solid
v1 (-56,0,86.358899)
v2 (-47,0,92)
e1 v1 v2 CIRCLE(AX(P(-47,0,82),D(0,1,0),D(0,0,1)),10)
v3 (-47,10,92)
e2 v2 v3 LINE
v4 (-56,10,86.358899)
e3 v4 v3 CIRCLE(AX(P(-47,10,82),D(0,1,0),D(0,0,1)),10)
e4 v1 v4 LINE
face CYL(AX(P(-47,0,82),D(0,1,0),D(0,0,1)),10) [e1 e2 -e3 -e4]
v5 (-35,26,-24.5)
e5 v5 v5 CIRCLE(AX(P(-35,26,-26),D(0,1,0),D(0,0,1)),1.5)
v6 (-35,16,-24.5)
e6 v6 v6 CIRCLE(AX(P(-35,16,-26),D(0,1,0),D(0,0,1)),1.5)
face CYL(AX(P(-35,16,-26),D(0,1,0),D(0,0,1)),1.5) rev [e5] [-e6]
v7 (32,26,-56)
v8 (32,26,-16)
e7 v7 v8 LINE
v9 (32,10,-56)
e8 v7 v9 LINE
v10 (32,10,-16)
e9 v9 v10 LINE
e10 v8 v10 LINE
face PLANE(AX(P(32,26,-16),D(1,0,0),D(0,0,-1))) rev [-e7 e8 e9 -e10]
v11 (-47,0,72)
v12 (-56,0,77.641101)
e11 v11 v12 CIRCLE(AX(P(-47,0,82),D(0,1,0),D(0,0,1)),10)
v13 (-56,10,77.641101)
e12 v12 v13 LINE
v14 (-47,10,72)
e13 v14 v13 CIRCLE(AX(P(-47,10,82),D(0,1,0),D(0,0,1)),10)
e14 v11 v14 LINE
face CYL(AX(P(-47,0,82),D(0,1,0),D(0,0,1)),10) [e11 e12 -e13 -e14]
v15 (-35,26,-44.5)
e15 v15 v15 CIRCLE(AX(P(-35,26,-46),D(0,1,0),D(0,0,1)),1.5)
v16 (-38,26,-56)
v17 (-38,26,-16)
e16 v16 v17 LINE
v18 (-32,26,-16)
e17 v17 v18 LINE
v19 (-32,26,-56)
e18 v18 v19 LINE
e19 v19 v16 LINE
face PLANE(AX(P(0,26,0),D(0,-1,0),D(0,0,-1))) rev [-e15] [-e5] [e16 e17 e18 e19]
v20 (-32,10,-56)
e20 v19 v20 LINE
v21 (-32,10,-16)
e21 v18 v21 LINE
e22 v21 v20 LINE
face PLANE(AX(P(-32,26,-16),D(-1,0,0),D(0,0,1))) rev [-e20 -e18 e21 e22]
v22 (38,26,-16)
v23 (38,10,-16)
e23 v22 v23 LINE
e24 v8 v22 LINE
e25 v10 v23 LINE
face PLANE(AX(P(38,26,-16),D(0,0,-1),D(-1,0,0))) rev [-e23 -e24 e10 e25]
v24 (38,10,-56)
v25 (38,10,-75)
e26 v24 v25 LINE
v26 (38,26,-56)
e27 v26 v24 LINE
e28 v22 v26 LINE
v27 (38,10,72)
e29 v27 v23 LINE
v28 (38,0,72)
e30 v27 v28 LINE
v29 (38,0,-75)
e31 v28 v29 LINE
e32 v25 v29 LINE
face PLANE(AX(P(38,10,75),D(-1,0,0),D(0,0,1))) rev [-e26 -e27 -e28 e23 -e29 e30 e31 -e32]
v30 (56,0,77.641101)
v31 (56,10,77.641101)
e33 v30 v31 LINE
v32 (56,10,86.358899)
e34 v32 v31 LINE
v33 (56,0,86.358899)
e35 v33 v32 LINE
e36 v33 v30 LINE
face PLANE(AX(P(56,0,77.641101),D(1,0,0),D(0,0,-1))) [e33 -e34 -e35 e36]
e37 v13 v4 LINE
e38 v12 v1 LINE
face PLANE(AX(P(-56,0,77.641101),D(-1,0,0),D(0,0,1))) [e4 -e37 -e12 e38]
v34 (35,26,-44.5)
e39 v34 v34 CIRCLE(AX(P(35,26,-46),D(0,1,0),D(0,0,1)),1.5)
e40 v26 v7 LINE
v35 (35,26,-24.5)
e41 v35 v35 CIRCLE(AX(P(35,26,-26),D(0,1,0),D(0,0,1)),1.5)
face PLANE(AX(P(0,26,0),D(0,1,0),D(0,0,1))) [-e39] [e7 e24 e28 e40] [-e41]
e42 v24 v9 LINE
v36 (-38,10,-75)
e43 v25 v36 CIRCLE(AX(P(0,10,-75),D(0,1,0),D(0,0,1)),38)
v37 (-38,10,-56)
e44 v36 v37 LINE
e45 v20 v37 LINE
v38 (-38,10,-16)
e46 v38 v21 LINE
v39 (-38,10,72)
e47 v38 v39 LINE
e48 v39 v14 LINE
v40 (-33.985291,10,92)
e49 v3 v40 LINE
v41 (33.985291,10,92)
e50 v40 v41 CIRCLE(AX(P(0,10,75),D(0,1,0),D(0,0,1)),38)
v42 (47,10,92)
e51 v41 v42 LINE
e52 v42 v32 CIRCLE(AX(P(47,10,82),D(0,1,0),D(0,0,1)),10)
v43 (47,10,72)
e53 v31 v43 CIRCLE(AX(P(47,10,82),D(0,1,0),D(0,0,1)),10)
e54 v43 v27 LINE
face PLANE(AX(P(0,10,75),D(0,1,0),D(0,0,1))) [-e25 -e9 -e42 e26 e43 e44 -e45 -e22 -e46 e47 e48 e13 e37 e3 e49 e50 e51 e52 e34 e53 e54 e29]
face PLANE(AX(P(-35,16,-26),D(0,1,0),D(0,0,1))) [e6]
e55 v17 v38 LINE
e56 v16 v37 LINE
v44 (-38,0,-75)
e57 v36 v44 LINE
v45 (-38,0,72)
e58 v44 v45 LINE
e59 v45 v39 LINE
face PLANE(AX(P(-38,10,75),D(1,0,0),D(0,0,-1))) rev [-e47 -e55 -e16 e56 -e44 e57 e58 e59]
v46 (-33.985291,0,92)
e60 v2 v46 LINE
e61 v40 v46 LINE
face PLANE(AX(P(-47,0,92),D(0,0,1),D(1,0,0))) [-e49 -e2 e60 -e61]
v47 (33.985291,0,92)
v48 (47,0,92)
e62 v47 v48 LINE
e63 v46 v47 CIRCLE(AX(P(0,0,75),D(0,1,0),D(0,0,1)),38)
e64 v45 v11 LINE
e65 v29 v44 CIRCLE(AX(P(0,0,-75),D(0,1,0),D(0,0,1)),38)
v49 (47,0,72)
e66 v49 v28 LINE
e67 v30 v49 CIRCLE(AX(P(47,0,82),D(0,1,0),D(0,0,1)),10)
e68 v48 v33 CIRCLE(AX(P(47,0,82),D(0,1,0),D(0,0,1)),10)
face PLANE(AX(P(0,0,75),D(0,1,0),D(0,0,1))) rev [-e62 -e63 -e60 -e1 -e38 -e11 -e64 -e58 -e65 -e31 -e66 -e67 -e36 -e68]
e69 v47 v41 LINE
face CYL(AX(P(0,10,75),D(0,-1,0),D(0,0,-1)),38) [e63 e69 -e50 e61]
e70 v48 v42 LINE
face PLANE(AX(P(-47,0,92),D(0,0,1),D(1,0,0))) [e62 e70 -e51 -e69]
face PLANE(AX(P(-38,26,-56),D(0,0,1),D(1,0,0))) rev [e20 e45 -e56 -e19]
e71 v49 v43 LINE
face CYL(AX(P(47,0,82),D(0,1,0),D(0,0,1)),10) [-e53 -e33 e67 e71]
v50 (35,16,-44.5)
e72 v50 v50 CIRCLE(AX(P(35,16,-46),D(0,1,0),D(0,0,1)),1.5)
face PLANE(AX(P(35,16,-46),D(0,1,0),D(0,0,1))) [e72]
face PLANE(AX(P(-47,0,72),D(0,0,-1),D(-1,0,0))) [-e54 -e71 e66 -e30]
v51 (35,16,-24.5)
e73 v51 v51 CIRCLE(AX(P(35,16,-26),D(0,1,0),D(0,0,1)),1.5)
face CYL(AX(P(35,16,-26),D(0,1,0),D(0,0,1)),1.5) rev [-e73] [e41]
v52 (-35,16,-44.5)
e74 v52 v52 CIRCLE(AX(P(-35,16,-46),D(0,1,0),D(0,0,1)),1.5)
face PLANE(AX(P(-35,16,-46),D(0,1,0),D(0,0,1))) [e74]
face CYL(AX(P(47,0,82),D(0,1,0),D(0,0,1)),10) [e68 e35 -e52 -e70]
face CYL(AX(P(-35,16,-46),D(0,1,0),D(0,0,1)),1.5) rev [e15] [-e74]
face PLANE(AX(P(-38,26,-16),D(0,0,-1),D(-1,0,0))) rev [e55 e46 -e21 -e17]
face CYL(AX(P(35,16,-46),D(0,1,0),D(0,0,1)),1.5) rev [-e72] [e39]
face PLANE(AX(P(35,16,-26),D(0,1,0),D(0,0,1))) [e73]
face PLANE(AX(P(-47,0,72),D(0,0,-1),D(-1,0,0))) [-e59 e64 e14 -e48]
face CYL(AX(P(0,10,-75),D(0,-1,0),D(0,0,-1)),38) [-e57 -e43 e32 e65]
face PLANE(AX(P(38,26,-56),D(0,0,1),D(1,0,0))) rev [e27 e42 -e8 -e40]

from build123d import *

# Parameters (mm, degrees)
EXTRUDE_1_DEPTH     = 10
SKETCH_4_W          = 6
SKETCH_4_H          = 40
EXTRUDE_3_DEPTH     = 16
SKETCH_7_R          = 1.5
CUT_EXTRUDE_3_DEPTH = 10
EXTRUDE_4_DEPTH     = 10


with BuildPart() as part:
    # 草图1 → 凸台-拉伸1 (new body)
    with BuildSketch(Plane(origin=(0, 0, 0), x_dir=(1, 0, 0), z_dir=(0, 1, 0))):
        with BuildLine():
            Line((-38, -75), (-38, 75))
            ThreePointArc((-38, 75), (0, 113), (38, 75))
            Line((38, 75), (38, -75))
            ThreePointArc((38, -75), (0, -113), (-38, -75))
        make_face()
    extrude(amount=EXTRUDE_1_DEPTH)

    # 草图4 → 凸台-拉伸3 (add)
    with BuildSketch(Plane(origin=(0, 10, 0), x_dir=(1, 0, 0), z_dir=(0, 1, 0))):
        with Locations((-35, 36)):
            Rectangle(SKETCH_4_W, SKETCH_4_H)
        with Locations((35, 36)):
            Rectangle(SKETCH_4_W, SKETCH_4_H)
    extrude(amount=EXTRUDE_3_DEPTH)

    # 草图7 → 切除-拉伸3 (cut)
    with BuildSketch(Plane(origin=(0, 26, 0), x_dir=(1, 0, 0), z_dir=(0, 1, 0))):
        with Locations((-35, 26)):
            Circle(SKETCH_7_R)
        with Locations((-35, 46)):
            Circle(SKETCH_7_R)
        with Locations((35, 26)):
            Circle(SKETCH_7_R)
        with Locations((35, 46)):
            Circle(SKETCH_7_R)
    extrude(amount=-CUT_EXTRUDE_3_DEPTH, mode=Mode.SUBTRACT)

    # 草图8 → 凸台-拉伸4 (add)
    with BuildSketch(Plane(origin=(0, 10, 0), x_dir=(1, 0, 0), z_dir=(0, 1, 0))):
        with BuildLine():
            Line((-47, -72), (47, -72))
            ThreePointArc((47, -72), (52.310885546, -73.526836794), (56, -77.641101056))
            Line((56, -77.641101056), (56, -86.358898944))
            ThreePointArc((56, -86.358898944), (52.310885546, -90.473163206), (47, -92))
            Line((47, -92), (-47, -92))
            ThreePointArc((-47, -92), (-52.310885546, -90.473163206), (-56, -86.358898944))
            Line((-56, -86.358898944), (-56, -77.641101056))
            ThreePointArc((-56, -77.641101056), (-52.310885546, -73.526836794), (-47, -72))
        make_face()
    extrude(amount=-EXTRUDE_4_DEPTH)


solid = part.part
